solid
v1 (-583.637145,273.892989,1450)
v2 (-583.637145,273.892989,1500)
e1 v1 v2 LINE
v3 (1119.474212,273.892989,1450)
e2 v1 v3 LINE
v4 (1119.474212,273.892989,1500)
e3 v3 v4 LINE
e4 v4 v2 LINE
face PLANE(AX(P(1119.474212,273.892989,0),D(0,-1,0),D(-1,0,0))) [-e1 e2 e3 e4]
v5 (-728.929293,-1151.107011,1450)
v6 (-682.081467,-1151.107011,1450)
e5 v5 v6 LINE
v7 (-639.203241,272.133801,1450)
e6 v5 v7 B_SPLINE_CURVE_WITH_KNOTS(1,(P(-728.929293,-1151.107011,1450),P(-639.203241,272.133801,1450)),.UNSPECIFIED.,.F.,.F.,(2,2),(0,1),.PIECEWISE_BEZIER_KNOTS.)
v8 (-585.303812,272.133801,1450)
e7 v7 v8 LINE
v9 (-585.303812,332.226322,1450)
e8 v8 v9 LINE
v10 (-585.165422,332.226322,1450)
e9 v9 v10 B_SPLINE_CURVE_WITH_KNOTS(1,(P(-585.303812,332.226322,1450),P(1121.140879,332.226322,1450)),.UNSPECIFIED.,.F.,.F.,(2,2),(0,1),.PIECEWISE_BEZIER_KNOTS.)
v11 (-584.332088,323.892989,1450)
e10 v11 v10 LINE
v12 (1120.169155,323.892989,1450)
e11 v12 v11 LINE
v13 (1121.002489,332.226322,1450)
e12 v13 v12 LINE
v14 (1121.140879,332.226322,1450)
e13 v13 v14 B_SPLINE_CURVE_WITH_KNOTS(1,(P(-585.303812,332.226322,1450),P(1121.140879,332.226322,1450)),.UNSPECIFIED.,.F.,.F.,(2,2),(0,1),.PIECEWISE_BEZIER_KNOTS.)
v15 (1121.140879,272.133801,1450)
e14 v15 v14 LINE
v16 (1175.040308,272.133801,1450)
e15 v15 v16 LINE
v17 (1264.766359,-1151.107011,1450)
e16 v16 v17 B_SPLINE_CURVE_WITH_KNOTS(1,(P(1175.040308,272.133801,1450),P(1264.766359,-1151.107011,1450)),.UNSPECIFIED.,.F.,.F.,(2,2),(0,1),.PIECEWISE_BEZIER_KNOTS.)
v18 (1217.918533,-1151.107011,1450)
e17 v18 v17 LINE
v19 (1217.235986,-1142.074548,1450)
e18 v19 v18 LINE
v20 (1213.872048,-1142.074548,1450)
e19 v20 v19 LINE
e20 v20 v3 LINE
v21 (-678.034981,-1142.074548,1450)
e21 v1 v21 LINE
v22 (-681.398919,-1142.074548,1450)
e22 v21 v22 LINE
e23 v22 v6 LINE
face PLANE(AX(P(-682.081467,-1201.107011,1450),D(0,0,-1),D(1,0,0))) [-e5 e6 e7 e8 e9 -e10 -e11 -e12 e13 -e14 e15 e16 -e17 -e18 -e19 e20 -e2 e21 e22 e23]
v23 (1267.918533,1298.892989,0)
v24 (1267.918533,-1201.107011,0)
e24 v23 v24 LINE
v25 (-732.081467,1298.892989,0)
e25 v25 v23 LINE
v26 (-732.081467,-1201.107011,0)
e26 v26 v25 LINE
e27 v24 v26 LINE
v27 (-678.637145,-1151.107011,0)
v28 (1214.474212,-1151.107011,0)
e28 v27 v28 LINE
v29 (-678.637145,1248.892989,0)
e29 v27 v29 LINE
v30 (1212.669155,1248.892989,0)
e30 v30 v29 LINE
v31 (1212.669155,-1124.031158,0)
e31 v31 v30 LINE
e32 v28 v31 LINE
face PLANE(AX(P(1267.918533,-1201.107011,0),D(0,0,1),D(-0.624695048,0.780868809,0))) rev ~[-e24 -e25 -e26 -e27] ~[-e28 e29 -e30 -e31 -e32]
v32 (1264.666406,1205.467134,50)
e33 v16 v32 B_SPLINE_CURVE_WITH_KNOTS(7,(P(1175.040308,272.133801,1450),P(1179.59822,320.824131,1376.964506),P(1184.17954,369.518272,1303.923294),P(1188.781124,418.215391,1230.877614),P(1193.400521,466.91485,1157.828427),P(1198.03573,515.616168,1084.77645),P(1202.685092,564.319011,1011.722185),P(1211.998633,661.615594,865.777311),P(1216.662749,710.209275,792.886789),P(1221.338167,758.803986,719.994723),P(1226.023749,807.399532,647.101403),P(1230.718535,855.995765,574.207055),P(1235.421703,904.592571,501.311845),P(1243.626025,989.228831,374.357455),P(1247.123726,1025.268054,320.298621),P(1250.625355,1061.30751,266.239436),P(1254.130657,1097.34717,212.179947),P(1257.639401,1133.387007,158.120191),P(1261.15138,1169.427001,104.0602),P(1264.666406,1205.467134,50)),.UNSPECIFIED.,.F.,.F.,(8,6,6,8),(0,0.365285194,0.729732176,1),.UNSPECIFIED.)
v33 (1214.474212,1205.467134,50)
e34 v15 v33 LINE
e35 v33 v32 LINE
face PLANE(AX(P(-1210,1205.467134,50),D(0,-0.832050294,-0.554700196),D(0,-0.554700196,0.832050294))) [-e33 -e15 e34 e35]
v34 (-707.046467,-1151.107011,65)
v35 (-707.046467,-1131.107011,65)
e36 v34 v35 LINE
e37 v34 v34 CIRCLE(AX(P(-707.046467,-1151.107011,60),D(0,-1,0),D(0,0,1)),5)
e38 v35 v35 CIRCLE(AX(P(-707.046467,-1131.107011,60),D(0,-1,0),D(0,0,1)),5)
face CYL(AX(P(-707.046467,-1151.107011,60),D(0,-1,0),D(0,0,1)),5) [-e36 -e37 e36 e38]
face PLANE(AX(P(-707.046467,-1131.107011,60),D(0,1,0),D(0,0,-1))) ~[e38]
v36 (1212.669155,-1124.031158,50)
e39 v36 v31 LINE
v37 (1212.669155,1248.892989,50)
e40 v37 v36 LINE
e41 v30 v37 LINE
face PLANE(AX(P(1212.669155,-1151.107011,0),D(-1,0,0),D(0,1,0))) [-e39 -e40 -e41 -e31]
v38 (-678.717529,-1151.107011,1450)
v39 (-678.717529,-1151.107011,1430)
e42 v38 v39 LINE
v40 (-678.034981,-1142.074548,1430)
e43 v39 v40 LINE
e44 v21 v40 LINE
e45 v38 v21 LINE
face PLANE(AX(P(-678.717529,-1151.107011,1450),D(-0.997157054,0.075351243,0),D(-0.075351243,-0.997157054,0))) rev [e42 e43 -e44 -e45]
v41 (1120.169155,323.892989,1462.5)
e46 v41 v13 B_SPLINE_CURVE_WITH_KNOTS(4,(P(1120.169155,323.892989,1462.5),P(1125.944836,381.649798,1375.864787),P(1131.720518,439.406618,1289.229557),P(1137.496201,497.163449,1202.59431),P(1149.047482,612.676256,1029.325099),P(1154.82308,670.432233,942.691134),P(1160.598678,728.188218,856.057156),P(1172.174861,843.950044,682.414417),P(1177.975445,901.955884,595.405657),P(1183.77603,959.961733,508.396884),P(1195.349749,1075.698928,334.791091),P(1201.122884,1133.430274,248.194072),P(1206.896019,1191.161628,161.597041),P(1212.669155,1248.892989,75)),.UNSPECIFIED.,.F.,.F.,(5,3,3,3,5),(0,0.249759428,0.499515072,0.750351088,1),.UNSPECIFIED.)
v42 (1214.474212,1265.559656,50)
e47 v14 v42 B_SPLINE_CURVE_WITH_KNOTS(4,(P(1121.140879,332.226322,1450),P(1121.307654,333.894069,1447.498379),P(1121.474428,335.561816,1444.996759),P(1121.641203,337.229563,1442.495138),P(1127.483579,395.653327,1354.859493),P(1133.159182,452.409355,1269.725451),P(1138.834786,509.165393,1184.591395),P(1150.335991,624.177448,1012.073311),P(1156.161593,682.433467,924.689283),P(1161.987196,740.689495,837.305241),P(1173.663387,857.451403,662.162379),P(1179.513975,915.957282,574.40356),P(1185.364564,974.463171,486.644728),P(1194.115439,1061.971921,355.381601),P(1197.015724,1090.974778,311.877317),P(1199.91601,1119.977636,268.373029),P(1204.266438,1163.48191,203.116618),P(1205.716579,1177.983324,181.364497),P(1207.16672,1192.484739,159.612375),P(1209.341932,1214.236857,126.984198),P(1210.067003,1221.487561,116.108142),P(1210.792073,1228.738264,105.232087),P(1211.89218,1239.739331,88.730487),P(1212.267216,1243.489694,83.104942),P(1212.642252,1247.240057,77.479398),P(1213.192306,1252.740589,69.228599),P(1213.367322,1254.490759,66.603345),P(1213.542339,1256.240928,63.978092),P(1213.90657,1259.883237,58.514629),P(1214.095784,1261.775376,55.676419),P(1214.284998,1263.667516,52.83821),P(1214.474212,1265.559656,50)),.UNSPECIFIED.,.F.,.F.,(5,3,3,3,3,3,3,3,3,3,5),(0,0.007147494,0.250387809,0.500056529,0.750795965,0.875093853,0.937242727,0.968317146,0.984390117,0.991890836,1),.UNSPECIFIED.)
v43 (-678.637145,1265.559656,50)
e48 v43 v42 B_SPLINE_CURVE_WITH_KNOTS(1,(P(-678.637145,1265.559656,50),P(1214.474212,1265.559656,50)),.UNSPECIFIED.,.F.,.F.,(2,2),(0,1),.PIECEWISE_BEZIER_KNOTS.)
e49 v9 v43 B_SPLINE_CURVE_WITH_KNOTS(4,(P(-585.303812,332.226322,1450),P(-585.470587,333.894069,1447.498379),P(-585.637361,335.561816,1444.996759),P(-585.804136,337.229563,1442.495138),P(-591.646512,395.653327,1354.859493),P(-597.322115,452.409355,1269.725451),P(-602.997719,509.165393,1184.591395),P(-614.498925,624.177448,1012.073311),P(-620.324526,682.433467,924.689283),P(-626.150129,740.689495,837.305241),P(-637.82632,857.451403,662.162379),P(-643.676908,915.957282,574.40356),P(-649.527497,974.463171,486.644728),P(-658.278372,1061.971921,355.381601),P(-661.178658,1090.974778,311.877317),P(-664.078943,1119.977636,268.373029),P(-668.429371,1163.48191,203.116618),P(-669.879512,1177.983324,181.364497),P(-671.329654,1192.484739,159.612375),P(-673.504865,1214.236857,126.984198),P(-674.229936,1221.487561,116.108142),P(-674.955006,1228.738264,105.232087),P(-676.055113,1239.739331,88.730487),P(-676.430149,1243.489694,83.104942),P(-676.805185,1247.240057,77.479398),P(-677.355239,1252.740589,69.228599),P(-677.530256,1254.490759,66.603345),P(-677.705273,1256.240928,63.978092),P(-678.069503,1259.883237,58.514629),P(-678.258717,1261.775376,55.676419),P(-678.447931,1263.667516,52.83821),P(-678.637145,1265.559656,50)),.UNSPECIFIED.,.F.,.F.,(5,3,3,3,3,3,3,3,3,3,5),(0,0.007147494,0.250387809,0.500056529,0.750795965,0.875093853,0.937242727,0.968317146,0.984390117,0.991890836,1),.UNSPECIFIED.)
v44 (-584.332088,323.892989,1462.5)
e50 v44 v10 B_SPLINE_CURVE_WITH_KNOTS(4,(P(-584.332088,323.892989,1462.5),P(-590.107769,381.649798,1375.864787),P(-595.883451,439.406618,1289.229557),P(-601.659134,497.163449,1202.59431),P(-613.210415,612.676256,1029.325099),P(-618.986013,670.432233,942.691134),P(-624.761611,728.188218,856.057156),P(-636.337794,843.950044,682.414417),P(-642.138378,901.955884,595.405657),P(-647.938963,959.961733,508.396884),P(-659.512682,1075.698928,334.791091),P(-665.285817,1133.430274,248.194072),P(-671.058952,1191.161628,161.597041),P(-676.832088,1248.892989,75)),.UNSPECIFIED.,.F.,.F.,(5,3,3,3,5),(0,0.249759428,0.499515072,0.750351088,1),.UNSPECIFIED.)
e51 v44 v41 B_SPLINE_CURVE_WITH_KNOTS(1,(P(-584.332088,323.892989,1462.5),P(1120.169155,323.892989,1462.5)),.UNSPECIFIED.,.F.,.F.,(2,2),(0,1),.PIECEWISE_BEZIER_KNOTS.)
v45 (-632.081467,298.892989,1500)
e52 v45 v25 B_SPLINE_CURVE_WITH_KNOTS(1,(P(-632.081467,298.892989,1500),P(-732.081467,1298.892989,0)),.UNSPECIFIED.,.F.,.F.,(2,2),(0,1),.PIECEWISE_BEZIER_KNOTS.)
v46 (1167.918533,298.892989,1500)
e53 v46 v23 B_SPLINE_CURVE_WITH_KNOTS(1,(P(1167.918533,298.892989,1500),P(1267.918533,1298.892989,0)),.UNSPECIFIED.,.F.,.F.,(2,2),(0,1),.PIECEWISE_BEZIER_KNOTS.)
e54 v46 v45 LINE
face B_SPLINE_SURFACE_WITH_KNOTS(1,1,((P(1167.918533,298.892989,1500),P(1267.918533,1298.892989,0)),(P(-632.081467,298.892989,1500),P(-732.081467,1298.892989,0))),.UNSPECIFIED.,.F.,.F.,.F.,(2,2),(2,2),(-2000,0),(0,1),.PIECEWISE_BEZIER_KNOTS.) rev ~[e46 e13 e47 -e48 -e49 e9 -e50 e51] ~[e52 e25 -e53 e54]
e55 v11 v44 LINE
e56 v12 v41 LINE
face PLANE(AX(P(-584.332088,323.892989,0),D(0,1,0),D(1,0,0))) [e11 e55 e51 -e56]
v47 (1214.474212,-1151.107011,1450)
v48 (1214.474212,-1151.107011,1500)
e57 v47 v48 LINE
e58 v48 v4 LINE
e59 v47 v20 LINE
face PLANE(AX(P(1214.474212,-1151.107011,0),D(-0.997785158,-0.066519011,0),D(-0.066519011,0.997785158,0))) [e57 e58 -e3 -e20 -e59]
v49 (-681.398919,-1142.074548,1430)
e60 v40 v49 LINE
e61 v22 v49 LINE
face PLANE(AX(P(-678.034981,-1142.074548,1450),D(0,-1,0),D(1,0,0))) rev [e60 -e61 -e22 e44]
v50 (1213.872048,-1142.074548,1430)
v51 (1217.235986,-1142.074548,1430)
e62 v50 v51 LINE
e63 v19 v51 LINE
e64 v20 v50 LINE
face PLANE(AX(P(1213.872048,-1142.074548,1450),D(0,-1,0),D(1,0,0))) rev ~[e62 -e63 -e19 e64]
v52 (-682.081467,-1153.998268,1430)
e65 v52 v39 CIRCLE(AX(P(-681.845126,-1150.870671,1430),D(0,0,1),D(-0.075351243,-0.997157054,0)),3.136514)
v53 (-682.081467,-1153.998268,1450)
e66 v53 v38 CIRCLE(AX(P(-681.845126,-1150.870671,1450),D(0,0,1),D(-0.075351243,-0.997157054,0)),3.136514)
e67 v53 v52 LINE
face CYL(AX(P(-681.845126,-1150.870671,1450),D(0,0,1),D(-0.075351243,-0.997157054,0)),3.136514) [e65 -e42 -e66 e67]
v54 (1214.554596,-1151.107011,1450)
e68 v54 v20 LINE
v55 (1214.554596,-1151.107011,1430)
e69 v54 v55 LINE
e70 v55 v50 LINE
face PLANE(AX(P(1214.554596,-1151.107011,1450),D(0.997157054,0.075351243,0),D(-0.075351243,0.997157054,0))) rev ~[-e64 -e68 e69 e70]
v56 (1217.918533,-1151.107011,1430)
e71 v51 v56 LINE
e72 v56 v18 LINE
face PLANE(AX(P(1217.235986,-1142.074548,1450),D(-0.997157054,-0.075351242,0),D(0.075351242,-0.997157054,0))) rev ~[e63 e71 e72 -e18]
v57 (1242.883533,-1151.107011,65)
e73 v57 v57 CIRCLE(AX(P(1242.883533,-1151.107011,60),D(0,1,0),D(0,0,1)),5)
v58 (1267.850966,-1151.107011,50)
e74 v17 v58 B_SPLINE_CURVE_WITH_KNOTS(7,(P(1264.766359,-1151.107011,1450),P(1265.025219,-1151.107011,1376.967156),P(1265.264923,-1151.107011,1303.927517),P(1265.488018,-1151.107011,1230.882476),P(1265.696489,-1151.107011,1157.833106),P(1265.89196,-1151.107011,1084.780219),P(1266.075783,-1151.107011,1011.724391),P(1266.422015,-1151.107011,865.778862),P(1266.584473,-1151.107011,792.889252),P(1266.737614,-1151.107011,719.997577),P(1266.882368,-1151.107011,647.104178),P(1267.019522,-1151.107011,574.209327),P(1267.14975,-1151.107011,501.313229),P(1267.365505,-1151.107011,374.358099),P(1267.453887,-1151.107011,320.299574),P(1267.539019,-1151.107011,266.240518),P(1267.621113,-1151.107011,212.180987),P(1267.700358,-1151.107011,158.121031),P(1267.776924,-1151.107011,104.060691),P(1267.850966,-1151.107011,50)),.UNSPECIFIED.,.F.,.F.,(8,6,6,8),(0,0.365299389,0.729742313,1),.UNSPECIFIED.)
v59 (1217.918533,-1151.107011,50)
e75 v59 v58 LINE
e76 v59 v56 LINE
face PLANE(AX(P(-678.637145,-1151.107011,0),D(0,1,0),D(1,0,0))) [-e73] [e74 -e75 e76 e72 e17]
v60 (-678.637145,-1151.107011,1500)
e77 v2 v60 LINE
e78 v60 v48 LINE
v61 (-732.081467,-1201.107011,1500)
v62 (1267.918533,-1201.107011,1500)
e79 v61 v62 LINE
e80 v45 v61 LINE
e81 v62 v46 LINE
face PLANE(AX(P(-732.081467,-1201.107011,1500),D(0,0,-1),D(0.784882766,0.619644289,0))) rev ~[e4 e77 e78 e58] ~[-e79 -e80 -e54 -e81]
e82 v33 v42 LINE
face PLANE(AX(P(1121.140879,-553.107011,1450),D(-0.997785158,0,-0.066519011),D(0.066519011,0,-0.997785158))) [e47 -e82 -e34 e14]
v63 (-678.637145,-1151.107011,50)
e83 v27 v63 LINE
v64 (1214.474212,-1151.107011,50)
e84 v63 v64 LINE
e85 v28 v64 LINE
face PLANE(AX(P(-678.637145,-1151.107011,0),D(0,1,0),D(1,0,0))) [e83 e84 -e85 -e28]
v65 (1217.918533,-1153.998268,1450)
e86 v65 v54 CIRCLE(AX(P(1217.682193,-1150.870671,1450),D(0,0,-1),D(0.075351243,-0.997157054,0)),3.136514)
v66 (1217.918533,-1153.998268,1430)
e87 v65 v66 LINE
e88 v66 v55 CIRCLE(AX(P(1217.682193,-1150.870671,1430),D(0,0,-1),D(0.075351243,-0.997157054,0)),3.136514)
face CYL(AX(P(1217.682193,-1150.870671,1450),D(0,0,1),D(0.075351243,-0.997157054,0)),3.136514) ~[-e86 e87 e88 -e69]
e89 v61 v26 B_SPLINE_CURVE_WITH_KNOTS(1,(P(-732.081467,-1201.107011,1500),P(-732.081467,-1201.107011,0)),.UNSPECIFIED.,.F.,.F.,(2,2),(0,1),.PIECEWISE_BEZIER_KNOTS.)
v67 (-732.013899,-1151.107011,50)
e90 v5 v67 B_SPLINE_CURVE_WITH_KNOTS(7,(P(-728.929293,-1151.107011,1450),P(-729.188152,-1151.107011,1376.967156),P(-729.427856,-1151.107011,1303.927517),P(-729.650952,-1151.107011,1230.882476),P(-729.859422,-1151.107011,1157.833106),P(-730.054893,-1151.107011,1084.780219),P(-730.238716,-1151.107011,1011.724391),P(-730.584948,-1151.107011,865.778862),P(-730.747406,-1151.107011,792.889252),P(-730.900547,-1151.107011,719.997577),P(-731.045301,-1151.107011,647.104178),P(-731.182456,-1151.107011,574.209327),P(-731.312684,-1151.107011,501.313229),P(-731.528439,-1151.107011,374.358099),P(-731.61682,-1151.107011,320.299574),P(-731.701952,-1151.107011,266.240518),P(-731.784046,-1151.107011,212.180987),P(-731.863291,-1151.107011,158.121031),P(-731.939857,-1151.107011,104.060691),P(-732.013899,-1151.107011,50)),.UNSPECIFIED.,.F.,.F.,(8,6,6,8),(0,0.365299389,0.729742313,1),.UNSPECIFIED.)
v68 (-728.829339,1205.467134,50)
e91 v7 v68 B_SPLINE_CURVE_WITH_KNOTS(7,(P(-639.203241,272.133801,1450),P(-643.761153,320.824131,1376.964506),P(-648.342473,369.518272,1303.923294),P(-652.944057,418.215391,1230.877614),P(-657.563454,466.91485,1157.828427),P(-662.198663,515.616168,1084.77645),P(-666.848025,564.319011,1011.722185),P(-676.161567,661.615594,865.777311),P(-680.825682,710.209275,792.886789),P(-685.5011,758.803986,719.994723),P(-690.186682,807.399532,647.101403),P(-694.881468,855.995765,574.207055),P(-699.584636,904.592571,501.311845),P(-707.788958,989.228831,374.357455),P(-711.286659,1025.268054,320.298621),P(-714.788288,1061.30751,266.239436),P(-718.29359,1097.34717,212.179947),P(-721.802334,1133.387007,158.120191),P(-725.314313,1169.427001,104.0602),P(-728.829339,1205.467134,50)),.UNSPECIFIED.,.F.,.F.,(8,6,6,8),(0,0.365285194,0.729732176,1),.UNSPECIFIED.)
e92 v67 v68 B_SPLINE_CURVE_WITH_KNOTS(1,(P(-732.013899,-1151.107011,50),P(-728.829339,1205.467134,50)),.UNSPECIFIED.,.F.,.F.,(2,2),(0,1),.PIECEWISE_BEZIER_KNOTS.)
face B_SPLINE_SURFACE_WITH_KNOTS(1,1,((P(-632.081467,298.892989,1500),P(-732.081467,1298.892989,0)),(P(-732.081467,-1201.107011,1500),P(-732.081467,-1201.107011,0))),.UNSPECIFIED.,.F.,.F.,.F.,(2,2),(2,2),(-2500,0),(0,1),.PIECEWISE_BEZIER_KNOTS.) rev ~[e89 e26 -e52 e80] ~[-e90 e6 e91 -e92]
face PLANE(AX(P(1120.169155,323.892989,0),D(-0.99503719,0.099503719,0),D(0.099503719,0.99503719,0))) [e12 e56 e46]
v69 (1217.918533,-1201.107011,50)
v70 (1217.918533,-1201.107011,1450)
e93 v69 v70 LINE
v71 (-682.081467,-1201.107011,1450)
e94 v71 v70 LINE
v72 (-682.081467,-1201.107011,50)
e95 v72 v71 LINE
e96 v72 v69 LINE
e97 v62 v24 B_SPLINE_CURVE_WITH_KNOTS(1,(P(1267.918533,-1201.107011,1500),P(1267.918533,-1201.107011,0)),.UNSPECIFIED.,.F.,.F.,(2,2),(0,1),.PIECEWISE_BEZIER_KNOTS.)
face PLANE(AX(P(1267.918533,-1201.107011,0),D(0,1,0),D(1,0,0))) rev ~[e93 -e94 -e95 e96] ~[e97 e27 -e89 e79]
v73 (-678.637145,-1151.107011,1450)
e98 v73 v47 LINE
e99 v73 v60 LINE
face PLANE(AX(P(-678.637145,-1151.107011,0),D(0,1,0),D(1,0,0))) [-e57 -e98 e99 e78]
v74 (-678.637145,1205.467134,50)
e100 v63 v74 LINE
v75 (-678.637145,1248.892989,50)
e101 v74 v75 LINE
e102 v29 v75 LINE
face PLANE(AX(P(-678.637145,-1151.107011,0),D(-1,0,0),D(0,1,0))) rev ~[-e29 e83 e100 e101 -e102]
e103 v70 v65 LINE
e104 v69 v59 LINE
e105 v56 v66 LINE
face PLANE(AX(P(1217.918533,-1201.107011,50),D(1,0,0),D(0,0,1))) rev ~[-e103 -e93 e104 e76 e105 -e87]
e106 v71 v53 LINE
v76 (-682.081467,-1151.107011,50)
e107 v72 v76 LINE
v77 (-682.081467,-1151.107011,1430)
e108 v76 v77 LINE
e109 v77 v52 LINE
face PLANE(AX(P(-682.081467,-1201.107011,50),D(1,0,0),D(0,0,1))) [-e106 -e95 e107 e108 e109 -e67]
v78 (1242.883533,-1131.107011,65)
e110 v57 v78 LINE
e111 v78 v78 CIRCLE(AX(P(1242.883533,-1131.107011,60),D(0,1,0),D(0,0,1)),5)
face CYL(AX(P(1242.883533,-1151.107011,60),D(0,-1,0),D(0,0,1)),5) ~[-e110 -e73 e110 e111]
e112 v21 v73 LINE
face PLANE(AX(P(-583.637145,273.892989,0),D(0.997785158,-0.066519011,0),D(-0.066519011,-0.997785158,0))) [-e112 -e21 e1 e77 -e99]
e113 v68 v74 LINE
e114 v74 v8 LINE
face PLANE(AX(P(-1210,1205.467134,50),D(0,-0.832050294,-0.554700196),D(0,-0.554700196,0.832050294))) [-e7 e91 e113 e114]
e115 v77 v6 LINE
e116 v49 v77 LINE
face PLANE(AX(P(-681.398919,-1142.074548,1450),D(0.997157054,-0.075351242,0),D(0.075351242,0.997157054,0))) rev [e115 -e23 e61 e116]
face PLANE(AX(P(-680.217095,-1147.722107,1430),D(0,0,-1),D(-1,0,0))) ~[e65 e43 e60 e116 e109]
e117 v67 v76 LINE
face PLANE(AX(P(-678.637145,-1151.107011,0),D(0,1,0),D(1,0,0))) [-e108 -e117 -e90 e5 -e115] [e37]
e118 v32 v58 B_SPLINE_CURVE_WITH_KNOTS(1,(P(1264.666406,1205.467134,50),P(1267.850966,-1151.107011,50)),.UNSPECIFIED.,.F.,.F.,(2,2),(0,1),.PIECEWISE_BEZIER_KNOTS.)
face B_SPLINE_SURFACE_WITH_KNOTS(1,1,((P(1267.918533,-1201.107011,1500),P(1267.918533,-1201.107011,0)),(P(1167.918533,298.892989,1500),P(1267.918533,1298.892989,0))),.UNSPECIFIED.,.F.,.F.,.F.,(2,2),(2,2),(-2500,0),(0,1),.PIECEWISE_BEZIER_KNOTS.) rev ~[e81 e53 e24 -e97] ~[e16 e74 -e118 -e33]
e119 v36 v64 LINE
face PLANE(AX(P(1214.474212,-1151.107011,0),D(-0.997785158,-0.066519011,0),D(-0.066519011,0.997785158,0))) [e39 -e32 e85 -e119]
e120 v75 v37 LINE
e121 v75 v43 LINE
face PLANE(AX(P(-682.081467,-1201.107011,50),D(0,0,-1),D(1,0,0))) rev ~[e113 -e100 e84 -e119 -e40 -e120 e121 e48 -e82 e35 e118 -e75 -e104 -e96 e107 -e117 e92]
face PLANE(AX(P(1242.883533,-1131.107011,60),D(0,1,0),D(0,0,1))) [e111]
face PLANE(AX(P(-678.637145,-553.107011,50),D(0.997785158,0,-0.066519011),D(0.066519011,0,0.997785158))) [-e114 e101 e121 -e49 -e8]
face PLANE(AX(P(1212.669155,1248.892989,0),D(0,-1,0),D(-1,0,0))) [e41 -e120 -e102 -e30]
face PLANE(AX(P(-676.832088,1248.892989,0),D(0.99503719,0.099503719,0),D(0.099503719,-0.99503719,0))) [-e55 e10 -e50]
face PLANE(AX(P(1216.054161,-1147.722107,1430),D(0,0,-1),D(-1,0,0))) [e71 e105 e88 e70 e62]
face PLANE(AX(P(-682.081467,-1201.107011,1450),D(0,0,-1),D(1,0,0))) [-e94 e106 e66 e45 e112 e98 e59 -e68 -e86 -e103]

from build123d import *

# Parameters (mm, degrees)
ENL_V_MAT_EXTRU_1_DEPTH      = 1873
ENL_V_MAT_EXTRU_1_DEPTH_BACK = 1210
ENL_V_MAT_EXTRU_2_DEPTH      = 2794
ESQUISSE5_W                  = 1891.306300633
ESQUISSE5_H                  = 2400
ENL_V_MAT_EXTRU_3_DEPTH      = 50
ESQUISSE7_W                  = 1900
ESQUISSE7_H                  = 1400
ENL_V_MAT_EXTRU_5_DEPTH      = 50
ENL_V_MAT_EXTRU_6_DEPTH      = 1354
ENL_V_MAT_EXTRU_6_DEPTH_BACK = 877
ESQUISSE10_R                 = 5
BOSS_EXTRU_1_DEPTH           = 20
BOSS_EXTRU_3_DEPTH           = 20


with BuildPart() as part:
    # Esquisse2 → Lissage1 section 0
    with BuildSketch(Plane.XY.offset(1500)):
        with BuildLine():
            Line((-732.081466601, -1201.10701107), (1267.918533399, -1201.10701107))
            Line((1267.918533399, -1201.10701107), (1167.918533399, 298.89298893))
            Line((1167.918533399, 298.89298893), (-632.081466601, 298.89298893))
            Line((-632.081466601, 298.89298893), (-732.081466601, -1201.10701107))
        make_face()
    # Esquisse1 → Lissage1 section 1
    with BuildSketch(Plane.XY):
        with BuildLine():
            Line((-732.081466601, 1298.89298893), (1267.918533399, 1298.89298893))
            Line((1267.918533399, 1298.89298893), (1267.918533399, -1201.10701107))
            Line((1267.918533399, -1201.10701107), (-732.081466601, -1201.10701107))
            Line((-732.081466601, -1201.10701107), (-732.081466601, 1298.89298893))
        make_face()
    loft()

    # Esquisse3 → Enlèv. mat.-Extru.1 (cut, two sides: drawn at the far end of the back side and taken through both)
    with BuildSketch(Plane(origin=(0, 0, 0), x_dir=(0, 0, -1), z_dir=(1, 0, 0)).offset(-ENL_V_MAT_EXTRU_1_DEPTH_BACK)):
        Polygon((-1450, -1151.10701107), (-50, -1151.10701107), (-50, 1205.467134339), (-1450, 272.133801005), align=None)
    extrude(amount=ENL_V_MAT_EXTRU_1_DEPTH + ENL_V_MAT_EXTRU_1_DEPTH_BACK, mode=Mode.SUBTRACT)

    # Esquisse4 → Enlèv. mat.-Extru.2 (cut)
    with BuildSketch(Plane.XY):
        Polygon((-583.637145339, 273.89298893), (-678.637145339, -1151.10701107), (1214.474212138, -1151.10701107), (1119.474212138, 273.89298893), align=None)
        Polygon((-676.832088495, 1248.89298893), (-584.332088495, 323.89298893), (1120.169155294, 323.89298893), (1212.669155294, 1248.89298893), align=None)
    extrude(amount=ENL_V_MAT_EXTRU_2_DEPTH, mode=Mode.SUBTRACT)

    # Esquisse5 → Enlèv. mat.-Extru.3 (cut)
    with BuildSketch(Plane(origin=(0, 0, 0), x_dir=(-1, 0, 0), z_dir=(0, 0, -1))):
        with Locations((-267.016004978, 48.89298893)):
            Rectangle(ESQUISSE5_W, ESQUISSE5_H)
    extrude(amount=-ENL_V_MAT_EXTRU_3_DEPTH, mode=Mode.SUBTRACT)

    # Esquisse7 → Enlèv. mat.-Extru.5 (cut)
    with BuildSketch(Plane.XZ.offset(1201.10701107)):
        with Locations((267.918533399, 750)):
            Rectangle(ESQUISSE7_W, ESQUISSE7_H)
    extrude(amount=-ENL_V_MAT_EXTRU_5_DEPTH, mode=Mode.SUBTRACT)

    # Esquisse6 → Enlèv. mat.-Extru.6 (cut, two sides: drawn at the far end of the back side and taken through both)
    with BuildSketch(Plane(origin=(0, 323.89298893, 0), x_dir=(1, 0, 0), z_dir=(0, 1, 0)).offset(-ENL_V_MAT_EXTRU_6_DEPTH_BACK)):
        Polygon((-678.637145339, -50), (-585.303812006, -1450), (1121.140878805, -1450), (1214.474212138, -50), align=None)
    extrude(amount=ENL_V_MAT_EXTRU_6_DEPTH + ENL_V_MAT_EXTRU_6_DEPTH_BACK, mode=Mode.SUBTRACT)

    # Esquisse10 → Boss.-Extru.1 (add)
    with BuildSketch(Plane(origin=(0, -1151.10701107, 0), x_dir=(1, 0, 0), z_dir=(0, 1, 0))):
        with Locations(Location((1242.883533399, -60, 0), (0, 0, 270))):
            Circle(ESQUISSE10_R)
    boss_extru_1 = extrude(amount=BOSS_EXTRU_1_DEPTH)

    # Esquisse11 → Boss.-Extru.3 (add)
    with BuildSketch(Plane(origin=(0, 0, 1450), x_dir=(-1, 0, 0), z_dir=(0, 0, -1))):
        with BuildLine():
            Line((-1214.554595697, -1151.10701107), (-1213.872047927, -1142.074547901))
            Line((-1213.872047927, -1142.074547901), (-1217.23598563, -1142.074547901))
            Line((-1217.23598563, -1142.074547901), (-1217.918533399, -1151.10701107))
            Line((-1217.918533399, -1151.10701107), (-1217.918533399, -1153.99826826))
            ThreePointArc((-1217.918533399, -1153.99826826), (-1215.637765578, -1153.249333975), (-1214.554595697, -1151.10701107))
        make_face()
    boss_extru_3 = extrude(amount=BOSS_EXTRU_3_DEPTH)

    # Symétrie1: Boss.-Extru.1, Boss.-Extru.3 across plane
    add(boss_extru_1.mirror(Plane(origin=(267.918533399, 0, 0), x_dir=(0, 0, 1), z_dir=(1, 0, 0))))
    add(boss_extru_3.mirror(Plane(origin=(267.918533399, 0, 0), x_dir=(0, 0, 1), z_dir=(1, 0, 0))))


solid = part.part
